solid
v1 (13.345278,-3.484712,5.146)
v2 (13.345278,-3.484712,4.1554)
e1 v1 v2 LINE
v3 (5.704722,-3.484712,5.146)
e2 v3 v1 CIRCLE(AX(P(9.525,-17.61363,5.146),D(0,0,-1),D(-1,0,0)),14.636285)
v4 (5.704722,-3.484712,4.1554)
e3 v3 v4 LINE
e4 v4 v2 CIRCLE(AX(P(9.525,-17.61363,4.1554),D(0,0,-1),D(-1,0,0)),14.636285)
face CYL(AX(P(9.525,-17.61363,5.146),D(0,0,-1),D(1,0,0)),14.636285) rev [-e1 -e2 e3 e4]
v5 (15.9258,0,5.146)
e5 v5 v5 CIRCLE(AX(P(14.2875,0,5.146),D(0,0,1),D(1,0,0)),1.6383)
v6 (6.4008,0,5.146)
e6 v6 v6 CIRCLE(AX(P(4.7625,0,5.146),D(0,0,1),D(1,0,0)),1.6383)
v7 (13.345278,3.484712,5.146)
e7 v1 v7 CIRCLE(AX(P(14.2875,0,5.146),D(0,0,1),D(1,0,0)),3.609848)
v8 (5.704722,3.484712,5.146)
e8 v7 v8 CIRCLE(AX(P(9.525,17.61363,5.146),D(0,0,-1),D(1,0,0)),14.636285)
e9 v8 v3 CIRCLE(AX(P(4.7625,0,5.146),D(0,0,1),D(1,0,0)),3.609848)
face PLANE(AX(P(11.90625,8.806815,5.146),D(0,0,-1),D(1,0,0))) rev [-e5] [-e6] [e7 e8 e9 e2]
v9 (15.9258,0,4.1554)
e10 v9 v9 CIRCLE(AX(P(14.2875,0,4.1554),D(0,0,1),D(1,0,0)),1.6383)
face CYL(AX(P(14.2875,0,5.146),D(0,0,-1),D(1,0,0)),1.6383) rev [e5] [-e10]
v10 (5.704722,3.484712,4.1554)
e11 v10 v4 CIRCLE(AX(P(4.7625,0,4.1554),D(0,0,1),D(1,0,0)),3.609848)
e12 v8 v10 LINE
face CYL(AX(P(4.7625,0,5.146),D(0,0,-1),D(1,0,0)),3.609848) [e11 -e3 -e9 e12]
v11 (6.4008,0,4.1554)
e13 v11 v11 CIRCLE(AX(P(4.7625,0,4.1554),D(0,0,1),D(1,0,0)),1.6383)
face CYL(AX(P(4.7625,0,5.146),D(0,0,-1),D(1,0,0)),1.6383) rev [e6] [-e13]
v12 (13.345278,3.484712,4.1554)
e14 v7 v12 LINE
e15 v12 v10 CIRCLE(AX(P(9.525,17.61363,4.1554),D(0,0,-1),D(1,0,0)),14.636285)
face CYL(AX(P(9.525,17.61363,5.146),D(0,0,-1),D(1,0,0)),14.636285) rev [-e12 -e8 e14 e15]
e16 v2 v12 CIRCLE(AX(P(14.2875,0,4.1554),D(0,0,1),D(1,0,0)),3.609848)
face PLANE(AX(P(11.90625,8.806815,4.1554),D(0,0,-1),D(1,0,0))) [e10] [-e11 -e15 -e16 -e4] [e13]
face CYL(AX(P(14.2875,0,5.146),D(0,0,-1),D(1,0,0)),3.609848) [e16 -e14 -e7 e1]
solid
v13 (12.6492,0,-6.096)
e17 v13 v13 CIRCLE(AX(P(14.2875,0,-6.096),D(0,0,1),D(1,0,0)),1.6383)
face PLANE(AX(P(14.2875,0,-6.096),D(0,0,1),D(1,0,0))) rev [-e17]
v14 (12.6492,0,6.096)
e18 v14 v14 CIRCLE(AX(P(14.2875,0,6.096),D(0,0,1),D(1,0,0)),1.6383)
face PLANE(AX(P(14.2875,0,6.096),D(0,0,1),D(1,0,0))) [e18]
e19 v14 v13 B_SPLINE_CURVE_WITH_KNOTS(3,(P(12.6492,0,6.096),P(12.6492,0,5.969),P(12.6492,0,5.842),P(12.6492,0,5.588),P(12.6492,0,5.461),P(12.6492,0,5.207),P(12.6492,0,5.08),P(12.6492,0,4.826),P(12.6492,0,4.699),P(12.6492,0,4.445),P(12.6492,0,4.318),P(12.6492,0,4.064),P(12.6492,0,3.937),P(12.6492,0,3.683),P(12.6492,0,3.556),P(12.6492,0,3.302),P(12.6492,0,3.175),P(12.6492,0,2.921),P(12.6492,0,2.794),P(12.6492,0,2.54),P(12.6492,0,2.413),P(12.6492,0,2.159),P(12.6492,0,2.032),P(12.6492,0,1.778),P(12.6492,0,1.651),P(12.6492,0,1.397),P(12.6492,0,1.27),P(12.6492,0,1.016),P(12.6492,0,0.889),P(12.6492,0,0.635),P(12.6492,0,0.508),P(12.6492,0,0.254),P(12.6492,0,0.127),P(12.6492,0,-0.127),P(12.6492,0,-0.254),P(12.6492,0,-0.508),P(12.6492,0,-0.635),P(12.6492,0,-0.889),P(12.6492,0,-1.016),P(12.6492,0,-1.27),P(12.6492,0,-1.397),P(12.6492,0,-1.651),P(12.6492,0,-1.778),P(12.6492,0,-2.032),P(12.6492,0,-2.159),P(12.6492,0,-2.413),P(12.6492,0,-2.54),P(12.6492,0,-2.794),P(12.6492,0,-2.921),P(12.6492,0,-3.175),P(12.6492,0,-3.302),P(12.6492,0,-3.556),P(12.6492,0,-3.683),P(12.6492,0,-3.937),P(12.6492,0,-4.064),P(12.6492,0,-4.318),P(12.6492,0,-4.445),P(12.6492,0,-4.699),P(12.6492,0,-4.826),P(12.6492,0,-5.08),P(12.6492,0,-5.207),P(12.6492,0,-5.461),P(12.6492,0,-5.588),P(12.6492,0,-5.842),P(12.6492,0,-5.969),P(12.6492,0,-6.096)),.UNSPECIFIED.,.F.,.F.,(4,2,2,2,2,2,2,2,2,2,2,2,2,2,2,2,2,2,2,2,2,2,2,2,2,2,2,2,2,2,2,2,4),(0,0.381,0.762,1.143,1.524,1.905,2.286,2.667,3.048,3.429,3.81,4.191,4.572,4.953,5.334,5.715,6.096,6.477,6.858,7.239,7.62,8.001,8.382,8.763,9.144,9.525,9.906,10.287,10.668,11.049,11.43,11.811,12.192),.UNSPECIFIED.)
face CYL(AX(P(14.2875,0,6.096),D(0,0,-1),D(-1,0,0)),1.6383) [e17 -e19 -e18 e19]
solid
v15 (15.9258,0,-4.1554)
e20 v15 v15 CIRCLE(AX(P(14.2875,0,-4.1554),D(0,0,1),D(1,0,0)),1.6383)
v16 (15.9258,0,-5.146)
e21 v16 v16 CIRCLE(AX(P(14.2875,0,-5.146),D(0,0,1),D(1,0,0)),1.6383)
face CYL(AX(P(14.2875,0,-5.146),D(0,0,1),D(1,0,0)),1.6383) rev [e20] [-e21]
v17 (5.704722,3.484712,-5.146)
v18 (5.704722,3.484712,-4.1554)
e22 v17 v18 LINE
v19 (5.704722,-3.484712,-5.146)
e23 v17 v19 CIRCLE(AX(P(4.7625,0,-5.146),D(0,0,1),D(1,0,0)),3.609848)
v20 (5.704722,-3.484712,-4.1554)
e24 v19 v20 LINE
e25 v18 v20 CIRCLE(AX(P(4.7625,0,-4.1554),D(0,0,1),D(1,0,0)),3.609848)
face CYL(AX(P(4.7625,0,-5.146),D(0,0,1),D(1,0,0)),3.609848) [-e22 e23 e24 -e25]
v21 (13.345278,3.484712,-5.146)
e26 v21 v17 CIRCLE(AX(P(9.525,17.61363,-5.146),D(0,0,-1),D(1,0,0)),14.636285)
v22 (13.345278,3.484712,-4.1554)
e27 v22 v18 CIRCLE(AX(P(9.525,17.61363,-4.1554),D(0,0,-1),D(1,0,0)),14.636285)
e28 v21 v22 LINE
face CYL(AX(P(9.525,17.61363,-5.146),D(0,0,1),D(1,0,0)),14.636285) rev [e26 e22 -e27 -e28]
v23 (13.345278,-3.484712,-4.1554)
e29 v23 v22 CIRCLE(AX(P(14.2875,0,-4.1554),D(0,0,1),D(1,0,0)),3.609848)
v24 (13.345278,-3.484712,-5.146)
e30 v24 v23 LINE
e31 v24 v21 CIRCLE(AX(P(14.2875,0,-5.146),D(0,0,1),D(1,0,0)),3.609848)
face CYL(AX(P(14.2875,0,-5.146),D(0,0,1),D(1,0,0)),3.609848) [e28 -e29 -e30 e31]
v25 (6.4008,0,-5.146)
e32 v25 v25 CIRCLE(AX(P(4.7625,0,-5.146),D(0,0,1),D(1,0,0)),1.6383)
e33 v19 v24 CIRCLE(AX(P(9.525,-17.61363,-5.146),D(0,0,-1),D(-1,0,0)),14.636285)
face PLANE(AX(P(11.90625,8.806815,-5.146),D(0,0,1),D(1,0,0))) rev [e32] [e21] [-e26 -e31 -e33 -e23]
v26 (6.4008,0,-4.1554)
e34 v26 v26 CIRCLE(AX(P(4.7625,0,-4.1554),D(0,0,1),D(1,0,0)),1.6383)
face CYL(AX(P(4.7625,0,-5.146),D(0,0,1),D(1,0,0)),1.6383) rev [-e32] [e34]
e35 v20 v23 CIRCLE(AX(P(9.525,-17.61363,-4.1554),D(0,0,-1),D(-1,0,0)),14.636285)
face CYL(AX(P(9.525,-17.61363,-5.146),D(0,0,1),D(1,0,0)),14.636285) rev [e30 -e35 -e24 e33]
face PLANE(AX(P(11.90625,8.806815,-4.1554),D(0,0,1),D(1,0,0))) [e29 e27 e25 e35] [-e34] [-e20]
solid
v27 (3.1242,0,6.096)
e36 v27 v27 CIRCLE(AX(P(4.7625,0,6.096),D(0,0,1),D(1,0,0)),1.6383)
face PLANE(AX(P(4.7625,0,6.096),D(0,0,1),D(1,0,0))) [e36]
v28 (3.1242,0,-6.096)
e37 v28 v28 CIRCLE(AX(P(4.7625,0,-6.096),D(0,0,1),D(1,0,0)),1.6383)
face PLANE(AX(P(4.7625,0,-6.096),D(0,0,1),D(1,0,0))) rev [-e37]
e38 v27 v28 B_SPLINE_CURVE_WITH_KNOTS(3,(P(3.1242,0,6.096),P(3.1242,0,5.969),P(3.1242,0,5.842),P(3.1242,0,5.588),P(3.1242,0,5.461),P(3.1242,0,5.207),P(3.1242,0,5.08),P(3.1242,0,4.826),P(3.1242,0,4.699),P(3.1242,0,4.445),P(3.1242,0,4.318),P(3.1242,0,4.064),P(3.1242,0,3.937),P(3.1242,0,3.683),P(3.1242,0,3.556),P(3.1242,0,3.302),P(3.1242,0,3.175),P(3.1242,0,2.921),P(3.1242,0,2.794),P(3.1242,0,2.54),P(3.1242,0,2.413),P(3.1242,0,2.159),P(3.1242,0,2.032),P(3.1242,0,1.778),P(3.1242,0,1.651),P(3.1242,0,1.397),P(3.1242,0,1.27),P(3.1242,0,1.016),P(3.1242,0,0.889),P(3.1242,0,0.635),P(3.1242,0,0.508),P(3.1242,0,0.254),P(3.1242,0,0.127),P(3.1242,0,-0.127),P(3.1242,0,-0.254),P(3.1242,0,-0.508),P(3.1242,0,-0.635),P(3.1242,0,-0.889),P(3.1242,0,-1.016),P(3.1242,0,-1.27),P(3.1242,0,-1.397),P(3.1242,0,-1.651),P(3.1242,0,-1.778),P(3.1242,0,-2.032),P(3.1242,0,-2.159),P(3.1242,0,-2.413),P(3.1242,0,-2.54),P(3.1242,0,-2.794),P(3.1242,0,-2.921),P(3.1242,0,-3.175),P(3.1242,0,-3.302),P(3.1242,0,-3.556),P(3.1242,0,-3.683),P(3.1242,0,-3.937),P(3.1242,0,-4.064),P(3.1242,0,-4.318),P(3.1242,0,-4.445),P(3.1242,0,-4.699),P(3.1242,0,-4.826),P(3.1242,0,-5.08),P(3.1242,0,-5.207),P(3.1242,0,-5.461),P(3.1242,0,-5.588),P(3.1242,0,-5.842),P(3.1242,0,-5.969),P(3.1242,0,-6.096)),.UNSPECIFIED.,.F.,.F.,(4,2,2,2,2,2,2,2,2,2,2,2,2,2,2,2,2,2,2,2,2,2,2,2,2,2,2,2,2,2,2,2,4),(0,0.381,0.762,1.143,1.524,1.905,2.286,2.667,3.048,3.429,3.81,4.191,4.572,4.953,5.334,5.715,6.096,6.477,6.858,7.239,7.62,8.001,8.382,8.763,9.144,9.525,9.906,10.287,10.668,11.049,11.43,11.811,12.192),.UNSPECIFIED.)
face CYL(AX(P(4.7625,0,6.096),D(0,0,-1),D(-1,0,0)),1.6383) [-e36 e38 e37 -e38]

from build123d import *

# Parameters (mm, degrees)
SKETCH7_R                  = 1.6383
BOSS_EXTRUDE3_DEPTH        = 0.9906
BOSS_EXTRUDE4_DEPTH        = 6.096
BOSS_EXTRUDE4_DEPTH_BACK   = 6.096
SKETCH8_R                  = 1.6383
BOSS_EXTRUDE4_2_DEPTH      = 6.096
BOSS_EXTRUDE4_2_DEPTH_BACK = 6.096


with BuildPart() as part:
    # Sketch7 → Boss-Extrude3 (new body)
    with BuildSketch(Plane.XY.offset(-4.1554)):
        with BuildLine():
            ThreePointArc((5.704721623, 3.48471247), (1.152652, 0), (5.704721623, -3.48471247))
            ThreePointArc((5.704721623, -3.48471247), (9.525, -2.977345042), (13.345278377, -3.48471247))
            ThreePointArc((13.345278377, -3.48471247), (17.897348, 0), (13.345278377, 3.48471247))
            ThreePointArc((13.345278377, 3.48471247), (9.525, 2.977345042), (5.704721623, 3.48471247))
        make_face()
        with Locations((4.7625, 0)):
            Circle(SKETCH7_R, mode=Mode.SUBTRACT)
        with Locations((14.2875, 0)):
            Circle(SKETCH7_R, mode=Mode.SUBTRACT)
    extrude(amount=-BOSS_EXTRUDE3_DEPTH)


with BuildPart() as body_2:
    # Mirror1: mirrored copy
    add(part.part.mirror(Plane.XY))


with BuildPart() as body_3:
    # Sketch8 → Boss-Extrude4 (new, two sides: drawn at the far end of the back side and taken through both)
    with BuildSketch(Plane.XY.offset(-BOSS_EXTRUDE4_DEPTH_BACK)):
        with Locations(Location((4.7625, 0, 0), (0, 0, 180))):
            Circle(SKETCH8_R)
    extrude(amount=BOSS_EXTRUDE4_DEPTH + BOSS_EXTRUDE4_DEPTH_BACK)


with BuildPart() as body_4:
    # Sketch8 → Boss-Extrude4 2 (new, two sides: drawn at the far end of the back side and taken through both)
    with BuildSketch(Plane.XY.offset(-BOSS_EXTRUDE4_2_DEPTH_BACK)):
        with Locations(Location((14.2875, 0, 0), (0, 0, 180))):
            Circle(SKETCH8_R)
    extrude(amount=BOSS_EXTRUDE4_2_DEPTH + BOSS_EXTRUDE4_2_DEPTH_BACK)


solid = Compound([part.part, body_2.part, body_3.part, body_4.part])
